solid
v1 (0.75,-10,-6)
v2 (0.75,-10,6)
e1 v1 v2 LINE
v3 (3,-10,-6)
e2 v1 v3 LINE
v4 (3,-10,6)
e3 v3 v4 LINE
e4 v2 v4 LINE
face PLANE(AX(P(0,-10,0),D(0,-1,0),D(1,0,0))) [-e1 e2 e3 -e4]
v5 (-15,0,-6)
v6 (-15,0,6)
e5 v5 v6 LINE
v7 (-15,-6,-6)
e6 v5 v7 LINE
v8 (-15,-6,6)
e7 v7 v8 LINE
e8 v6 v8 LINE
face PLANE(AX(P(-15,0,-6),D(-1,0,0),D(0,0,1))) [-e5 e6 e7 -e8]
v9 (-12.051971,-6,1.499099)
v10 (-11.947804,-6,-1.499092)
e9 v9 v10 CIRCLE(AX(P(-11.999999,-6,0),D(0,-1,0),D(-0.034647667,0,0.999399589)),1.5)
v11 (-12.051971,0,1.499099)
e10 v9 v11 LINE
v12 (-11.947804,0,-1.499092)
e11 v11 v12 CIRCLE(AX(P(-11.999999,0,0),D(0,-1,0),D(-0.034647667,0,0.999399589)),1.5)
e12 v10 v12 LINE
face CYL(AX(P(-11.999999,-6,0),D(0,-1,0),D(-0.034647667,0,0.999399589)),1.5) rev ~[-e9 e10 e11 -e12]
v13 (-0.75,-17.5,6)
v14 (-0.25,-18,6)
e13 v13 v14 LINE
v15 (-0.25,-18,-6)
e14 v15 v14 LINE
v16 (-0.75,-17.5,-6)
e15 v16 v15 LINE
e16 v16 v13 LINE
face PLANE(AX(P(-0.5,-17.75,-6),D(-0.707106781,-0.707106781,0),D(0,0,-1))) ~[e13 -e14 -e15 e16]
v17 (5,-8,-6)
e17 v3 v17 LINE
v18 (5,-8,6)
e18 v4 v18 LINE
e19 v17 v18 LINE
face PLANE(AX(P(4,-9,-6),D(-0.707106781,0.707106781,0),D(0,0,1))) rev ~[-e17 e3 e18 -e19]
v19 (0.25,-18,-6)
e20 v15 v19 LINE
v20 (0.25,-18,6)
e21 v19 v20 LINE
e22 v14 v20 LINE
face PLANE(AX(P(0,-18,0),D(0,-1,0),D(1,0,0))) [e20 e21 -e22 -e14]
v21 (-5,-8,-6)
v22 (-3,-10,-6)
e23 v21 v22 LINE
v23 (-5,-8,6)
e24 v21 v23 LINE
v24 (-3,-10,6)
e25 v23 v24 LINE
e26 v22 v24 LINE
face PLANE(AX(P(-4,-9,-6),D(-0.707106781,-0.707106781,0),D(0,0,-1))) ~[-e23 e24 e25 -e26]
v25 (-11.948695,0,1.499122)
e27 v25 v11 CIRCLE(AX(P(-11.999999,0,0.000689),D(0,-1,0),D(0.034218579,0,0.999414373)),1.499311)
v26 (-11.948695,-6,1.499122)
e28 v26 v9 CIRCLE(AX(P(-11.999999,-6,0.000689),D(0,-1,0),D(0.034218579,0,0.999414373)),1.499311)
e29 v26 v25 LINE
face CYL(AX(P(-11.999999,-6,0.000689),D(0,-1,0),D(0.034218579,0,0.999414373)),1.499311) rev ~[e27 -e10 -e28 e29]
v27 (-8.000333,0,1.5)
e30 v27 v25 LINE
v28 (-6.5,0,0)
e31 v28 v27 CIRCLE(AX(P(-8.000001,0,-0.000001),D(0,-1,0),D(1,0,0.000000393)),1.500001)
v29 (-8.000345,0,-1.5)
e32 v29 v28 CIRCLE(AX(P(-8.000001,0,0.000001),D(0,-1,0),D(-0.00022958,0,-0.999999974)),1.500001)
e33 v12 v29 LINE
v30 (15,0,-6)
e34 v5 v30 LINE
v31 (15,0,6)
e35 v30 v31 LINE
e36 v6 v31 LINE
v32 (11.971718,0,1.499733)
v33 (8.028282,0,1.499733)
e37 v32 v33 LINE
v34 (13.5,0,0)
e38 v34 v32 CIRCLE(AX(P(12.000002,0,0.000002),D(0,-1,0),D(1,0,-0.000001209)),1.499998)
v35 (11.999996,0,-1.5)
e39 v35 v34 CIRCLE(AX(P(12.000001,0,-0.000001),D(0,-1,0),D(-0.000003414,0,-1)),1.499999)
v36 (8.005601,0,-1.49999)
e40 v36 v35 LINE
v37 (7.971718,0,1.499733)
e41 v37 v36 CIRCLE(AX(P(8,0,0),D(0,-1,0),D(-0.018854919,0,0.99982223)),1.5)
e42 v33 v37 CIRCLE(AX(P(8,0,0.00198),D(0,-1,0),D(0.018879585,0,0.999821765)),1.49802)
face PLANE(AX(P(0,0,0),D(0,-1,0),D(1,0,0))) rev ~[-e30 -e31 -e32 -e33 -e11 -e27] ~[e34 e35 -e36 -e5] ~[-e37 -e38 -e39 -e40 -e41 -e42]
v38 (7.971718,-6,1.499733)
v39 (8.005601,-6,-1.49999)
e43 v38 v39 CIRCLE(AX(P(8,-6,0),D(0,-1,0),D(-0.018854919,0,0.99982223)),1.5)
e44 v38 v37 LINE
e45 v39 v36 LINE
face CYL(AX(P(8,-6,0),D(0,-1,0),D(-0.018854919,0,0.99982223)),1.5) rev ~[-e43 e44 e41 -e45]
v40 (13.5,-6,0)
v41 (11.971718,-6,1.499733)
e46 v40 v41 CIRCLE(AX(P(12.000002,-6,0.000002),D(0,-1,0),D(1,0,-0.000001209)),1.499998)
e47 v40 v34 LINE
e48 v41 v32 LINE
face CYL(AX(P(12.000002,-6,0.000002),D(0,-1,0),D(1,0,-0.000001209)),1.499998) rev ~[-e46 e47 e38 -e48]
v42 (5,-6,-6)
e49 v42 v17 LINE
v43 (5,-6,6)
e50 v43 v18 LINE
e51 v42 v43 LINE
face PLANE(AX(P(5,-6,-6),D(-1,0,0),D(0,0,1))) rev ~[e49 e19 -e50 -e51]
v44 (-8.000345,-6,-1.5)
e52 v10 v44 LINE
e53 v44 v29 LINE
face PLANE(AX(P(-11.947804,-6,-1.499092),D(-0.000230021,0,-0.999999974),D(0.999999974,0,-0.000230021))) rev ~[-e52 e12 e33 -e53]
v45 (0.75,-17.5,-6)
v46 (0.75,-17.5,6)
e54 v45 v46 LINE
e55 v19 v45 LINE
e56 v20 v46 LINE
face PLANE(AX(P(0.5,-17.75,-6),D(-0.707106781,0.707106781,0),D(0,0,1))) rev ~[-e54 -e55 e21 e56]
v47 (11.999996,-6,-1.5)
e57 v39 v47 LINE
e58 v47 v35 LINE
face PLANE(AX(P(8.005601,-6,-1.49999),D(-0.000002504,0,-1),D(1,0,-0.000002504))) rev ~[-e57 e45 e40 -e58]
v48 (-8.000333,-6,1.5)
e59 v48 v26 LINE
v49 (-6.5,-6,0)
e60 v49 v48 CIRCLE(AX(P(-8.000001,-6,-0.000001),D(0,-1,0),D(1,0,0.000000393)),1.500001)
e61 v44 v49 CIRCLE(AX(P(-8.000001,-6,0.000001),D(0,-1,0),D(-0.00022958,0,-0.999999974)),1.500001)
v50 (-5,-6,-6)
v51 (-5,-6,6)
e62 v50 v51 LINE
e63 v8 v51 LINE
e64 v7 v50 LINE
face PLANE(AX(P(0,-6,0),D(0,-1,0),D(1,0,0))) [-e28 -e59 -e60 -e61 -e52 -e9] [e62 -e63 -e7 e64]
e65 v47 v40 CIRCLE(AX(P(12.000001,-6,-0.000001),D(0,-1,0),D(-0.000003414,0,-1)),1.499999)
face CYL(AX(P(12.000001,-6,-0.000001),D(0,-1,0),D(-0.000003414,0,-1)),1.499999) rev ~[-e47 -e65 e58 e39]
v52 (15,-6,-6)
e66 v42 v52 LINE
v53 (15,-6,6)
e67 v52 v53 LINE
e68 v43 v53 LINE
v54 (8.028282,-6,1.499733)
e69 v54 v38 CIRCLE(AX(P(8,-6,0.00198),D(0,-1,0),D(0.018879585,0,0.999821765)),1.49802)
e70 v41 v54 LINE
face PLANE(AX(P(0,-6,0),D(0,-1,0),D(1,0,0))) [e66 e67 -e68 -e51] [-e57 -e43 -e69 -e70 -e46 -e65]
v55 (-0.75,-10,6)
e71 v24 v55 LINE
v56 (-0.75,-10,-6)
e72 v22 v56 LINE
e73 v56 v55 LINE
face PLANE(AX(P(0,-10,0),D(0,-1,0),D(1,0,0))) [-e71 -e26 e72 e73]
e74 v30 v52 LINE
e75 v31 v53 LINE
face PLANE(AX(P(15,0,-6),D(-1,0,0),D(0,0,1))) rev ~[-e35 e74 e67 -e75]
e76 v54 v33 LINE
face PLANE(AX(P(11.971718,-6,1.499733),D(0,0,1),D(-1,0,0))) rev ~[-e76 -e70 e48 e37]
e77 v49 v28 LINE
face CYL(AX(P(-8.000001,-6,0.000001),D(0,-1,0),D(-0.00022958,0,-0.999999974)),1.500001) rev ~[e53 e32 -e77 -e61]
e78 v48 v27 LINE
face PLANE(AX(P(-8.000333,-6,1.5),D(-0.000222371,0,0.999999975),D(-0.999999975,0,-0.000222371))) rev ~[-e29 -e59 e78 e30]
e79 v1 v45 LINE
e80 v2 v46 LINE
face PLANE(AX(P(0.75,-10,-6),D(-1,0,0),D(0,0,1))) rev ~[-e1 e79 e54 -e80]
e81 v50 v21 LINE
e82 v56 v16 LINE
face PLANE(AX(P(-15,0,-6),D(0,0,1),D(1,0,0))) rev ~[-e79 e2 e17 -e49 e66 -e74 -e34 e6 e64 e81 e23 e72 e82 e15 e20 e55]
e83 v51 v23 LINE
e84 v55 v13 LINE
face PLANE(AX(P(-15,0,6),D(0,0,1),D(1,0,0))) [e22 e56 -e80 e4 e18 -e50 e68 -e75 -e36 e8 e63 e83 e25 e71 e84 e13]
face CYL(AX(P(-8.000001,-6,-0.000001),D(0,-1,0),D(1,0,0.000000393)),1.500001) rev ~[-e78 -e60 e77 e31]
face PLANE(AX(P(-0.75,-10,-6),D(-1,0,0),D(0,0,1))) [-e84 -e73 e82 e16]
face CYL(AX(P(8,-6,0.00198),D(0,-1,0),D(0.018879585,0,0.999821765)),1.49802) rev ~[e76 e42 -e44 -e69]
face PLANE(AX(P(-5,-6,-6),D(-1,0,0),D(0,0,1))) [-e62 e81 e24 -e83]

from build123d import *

# Parameters (mm, degrees)
F0_W      = 30
F0_H      = 12
F1_DEPTH  = 6
F2_W      = 10
F2_H      = 12
F3_DEPTH  = 4
F4_W      = 1.5
F4_H      = 12
F5_DEPTH  = 8
F6_SIZE   = 2
F7_SIZE   = 0.5
F10_DEPTH = 6
F12_DEPTH = 6


with BuildPart() as f1:
    # F0 (on Front) → F1 (new body)
    with BuildSketch(Plane.XZ):
        Rectangle(F0_W, F0_H)
    extrude(amount=F1_DEPTH)

    # F2 (on face) → F3 (join)
    with BuildSketch(Plane.XZ.offset(6)):
        Rectangle(F2_W, F2_H)
    extrude(amount=F3_DEPTH)

    # F4 (on face) → F5 (join)
    with BuildSketch(Plane.XZ.offset(10)):
        Rectangle(F4_W, F4_H)
    extrude(amount=F5_DEPTH)

    # F6
    f6_edges = [f1.edges().sort_by_distance(p)[0] for p in [
        (-5, -10, 0),
        (5, -10, 0),
    ]]
    chamfer(f6_edges, length=F6_SIZE)

    # F7
    f7_edges = [f1.edges().sort_by_distance(p)[0] for p in [
        (-0.75, -18, 0),
        (0.75, -18, 0),
    ]]
    chamfer(f7_edges, length=F7_SIZE)

    # F9 (on face) → F10 (cut, through all)
    with BuildSketch(Plane.XZ.offset(6)):
        with BuildLine():
            Line((8.028282, 1.499733), (7.971718, 1.499733))
            ThreePointArc((7.971718, 1.499733), (6.500096, -0.016942), (8.005601, -1.49999))
            ThreePointArc((8.005601, -1.49999), (9.062639, -1.058678), (9.5, 0))
            ThreePointArc((9.5, 0), (9.070613, 1.050614), (8.028282, 1.499733))
        make_face()
        with BuildLine():
            ThreePointArc((8.028282, 1.499733), (8, 1.5), (7.971718, 1.499733))
            Line((7.971718, 1.499733), (8.028282, 1.499733))
        make_face()
        with BuildLine():
            ThreePointArc((9.5, 0), (9.062639, -1.058678), (8.005601, -1.49999))
            Line((8.005601, -1.49999), (11.999996, -1.5))
            ThreePointArc((11.999996, -1.5), (10.500067, -0.014139), (11.971718, 1.499733))
            Line((11.971718, 1.499733), (8.028282, 1.499733))
            ThreePointArc((8.028282, 1.499733), (9.070613, 1.050614), (9.5, 0))
        make_face()
        with BuildLine():
            ThreePointArc((11.971718, 1.499733), (10.500067, -0.014139), (11.999996, -1.5))
            ThreePointArc((11.999996, -1.5), (13.060659, -1.060662), (13.5, 0))
            ThreePointArc((13.5, 0), (13.050614, 1.070613), (11.971718, 1.499733))
        make_face()
    extrude(amount=-F10_DEPTH, mode=Mode.SUBTRACT)

    # F11 (on face) → F12 (cut, through all)
    with BuildSketch(Plane.XZ.offset(6)):
        with BuildLine():
            Line((-11.948695, 1.499122), (-12.051971, 1.499099))
            ThreePointArc((-12.051971, 1.499099), (-13.499095, -0.052084), (-11.947804, -1.499092))
            ThreePointArc((-11.947804, -1.499092), (-10.921043, -1.042043), (-10.5, 0))
            ThreePointArc((-10.5, 0), (-10.921353, 1.042363), (-11.948695, 1.499122))
        make_face()
        with BuildLine():
            ThreePointArc((-11.948695, 1.499122), (-12.000333, 1.5), (-12.051971, 1.499099))
            Line((-12.051971, 1.499099), (-11.948695, 1.499122))
        make_face()
        with BuildLine():
            ThreePointArc((-10.5, 0), (-10.921043, -1.042043), (-11.947804, -1.499092))
            Line((-11.947804, -1.499092), (-8.000345, -1.5))
            ThreePointArc((-8.000345, -1.5), (-9.5, 6e-06), (-8.000333, 1.5))
            Line((-8.000333, 1.5), (-11.948695, 1.499122))
            ThreePointArc((-11.948695, 1.499122), (-10.921353, 1.042363), (-10.5, 0))
        make_face()
        with BuildLine():
            ThreePointArc((-8.000333, 1.5), (-9.5, 6e-06), (-8.000345, -1.5))
            ThreePointArc((-8.000345, -1.5), (-6.939462, -1.060782), (-6.5, 0))
            ThreePointArc((-6.5, 0), (-6.939458, 1.060778), (-8.000333, 1.5))
        make_face()
    extrude(amount=-F12_DEPTH, mode=Mode.SUBTRACT)


solid = f1.part
